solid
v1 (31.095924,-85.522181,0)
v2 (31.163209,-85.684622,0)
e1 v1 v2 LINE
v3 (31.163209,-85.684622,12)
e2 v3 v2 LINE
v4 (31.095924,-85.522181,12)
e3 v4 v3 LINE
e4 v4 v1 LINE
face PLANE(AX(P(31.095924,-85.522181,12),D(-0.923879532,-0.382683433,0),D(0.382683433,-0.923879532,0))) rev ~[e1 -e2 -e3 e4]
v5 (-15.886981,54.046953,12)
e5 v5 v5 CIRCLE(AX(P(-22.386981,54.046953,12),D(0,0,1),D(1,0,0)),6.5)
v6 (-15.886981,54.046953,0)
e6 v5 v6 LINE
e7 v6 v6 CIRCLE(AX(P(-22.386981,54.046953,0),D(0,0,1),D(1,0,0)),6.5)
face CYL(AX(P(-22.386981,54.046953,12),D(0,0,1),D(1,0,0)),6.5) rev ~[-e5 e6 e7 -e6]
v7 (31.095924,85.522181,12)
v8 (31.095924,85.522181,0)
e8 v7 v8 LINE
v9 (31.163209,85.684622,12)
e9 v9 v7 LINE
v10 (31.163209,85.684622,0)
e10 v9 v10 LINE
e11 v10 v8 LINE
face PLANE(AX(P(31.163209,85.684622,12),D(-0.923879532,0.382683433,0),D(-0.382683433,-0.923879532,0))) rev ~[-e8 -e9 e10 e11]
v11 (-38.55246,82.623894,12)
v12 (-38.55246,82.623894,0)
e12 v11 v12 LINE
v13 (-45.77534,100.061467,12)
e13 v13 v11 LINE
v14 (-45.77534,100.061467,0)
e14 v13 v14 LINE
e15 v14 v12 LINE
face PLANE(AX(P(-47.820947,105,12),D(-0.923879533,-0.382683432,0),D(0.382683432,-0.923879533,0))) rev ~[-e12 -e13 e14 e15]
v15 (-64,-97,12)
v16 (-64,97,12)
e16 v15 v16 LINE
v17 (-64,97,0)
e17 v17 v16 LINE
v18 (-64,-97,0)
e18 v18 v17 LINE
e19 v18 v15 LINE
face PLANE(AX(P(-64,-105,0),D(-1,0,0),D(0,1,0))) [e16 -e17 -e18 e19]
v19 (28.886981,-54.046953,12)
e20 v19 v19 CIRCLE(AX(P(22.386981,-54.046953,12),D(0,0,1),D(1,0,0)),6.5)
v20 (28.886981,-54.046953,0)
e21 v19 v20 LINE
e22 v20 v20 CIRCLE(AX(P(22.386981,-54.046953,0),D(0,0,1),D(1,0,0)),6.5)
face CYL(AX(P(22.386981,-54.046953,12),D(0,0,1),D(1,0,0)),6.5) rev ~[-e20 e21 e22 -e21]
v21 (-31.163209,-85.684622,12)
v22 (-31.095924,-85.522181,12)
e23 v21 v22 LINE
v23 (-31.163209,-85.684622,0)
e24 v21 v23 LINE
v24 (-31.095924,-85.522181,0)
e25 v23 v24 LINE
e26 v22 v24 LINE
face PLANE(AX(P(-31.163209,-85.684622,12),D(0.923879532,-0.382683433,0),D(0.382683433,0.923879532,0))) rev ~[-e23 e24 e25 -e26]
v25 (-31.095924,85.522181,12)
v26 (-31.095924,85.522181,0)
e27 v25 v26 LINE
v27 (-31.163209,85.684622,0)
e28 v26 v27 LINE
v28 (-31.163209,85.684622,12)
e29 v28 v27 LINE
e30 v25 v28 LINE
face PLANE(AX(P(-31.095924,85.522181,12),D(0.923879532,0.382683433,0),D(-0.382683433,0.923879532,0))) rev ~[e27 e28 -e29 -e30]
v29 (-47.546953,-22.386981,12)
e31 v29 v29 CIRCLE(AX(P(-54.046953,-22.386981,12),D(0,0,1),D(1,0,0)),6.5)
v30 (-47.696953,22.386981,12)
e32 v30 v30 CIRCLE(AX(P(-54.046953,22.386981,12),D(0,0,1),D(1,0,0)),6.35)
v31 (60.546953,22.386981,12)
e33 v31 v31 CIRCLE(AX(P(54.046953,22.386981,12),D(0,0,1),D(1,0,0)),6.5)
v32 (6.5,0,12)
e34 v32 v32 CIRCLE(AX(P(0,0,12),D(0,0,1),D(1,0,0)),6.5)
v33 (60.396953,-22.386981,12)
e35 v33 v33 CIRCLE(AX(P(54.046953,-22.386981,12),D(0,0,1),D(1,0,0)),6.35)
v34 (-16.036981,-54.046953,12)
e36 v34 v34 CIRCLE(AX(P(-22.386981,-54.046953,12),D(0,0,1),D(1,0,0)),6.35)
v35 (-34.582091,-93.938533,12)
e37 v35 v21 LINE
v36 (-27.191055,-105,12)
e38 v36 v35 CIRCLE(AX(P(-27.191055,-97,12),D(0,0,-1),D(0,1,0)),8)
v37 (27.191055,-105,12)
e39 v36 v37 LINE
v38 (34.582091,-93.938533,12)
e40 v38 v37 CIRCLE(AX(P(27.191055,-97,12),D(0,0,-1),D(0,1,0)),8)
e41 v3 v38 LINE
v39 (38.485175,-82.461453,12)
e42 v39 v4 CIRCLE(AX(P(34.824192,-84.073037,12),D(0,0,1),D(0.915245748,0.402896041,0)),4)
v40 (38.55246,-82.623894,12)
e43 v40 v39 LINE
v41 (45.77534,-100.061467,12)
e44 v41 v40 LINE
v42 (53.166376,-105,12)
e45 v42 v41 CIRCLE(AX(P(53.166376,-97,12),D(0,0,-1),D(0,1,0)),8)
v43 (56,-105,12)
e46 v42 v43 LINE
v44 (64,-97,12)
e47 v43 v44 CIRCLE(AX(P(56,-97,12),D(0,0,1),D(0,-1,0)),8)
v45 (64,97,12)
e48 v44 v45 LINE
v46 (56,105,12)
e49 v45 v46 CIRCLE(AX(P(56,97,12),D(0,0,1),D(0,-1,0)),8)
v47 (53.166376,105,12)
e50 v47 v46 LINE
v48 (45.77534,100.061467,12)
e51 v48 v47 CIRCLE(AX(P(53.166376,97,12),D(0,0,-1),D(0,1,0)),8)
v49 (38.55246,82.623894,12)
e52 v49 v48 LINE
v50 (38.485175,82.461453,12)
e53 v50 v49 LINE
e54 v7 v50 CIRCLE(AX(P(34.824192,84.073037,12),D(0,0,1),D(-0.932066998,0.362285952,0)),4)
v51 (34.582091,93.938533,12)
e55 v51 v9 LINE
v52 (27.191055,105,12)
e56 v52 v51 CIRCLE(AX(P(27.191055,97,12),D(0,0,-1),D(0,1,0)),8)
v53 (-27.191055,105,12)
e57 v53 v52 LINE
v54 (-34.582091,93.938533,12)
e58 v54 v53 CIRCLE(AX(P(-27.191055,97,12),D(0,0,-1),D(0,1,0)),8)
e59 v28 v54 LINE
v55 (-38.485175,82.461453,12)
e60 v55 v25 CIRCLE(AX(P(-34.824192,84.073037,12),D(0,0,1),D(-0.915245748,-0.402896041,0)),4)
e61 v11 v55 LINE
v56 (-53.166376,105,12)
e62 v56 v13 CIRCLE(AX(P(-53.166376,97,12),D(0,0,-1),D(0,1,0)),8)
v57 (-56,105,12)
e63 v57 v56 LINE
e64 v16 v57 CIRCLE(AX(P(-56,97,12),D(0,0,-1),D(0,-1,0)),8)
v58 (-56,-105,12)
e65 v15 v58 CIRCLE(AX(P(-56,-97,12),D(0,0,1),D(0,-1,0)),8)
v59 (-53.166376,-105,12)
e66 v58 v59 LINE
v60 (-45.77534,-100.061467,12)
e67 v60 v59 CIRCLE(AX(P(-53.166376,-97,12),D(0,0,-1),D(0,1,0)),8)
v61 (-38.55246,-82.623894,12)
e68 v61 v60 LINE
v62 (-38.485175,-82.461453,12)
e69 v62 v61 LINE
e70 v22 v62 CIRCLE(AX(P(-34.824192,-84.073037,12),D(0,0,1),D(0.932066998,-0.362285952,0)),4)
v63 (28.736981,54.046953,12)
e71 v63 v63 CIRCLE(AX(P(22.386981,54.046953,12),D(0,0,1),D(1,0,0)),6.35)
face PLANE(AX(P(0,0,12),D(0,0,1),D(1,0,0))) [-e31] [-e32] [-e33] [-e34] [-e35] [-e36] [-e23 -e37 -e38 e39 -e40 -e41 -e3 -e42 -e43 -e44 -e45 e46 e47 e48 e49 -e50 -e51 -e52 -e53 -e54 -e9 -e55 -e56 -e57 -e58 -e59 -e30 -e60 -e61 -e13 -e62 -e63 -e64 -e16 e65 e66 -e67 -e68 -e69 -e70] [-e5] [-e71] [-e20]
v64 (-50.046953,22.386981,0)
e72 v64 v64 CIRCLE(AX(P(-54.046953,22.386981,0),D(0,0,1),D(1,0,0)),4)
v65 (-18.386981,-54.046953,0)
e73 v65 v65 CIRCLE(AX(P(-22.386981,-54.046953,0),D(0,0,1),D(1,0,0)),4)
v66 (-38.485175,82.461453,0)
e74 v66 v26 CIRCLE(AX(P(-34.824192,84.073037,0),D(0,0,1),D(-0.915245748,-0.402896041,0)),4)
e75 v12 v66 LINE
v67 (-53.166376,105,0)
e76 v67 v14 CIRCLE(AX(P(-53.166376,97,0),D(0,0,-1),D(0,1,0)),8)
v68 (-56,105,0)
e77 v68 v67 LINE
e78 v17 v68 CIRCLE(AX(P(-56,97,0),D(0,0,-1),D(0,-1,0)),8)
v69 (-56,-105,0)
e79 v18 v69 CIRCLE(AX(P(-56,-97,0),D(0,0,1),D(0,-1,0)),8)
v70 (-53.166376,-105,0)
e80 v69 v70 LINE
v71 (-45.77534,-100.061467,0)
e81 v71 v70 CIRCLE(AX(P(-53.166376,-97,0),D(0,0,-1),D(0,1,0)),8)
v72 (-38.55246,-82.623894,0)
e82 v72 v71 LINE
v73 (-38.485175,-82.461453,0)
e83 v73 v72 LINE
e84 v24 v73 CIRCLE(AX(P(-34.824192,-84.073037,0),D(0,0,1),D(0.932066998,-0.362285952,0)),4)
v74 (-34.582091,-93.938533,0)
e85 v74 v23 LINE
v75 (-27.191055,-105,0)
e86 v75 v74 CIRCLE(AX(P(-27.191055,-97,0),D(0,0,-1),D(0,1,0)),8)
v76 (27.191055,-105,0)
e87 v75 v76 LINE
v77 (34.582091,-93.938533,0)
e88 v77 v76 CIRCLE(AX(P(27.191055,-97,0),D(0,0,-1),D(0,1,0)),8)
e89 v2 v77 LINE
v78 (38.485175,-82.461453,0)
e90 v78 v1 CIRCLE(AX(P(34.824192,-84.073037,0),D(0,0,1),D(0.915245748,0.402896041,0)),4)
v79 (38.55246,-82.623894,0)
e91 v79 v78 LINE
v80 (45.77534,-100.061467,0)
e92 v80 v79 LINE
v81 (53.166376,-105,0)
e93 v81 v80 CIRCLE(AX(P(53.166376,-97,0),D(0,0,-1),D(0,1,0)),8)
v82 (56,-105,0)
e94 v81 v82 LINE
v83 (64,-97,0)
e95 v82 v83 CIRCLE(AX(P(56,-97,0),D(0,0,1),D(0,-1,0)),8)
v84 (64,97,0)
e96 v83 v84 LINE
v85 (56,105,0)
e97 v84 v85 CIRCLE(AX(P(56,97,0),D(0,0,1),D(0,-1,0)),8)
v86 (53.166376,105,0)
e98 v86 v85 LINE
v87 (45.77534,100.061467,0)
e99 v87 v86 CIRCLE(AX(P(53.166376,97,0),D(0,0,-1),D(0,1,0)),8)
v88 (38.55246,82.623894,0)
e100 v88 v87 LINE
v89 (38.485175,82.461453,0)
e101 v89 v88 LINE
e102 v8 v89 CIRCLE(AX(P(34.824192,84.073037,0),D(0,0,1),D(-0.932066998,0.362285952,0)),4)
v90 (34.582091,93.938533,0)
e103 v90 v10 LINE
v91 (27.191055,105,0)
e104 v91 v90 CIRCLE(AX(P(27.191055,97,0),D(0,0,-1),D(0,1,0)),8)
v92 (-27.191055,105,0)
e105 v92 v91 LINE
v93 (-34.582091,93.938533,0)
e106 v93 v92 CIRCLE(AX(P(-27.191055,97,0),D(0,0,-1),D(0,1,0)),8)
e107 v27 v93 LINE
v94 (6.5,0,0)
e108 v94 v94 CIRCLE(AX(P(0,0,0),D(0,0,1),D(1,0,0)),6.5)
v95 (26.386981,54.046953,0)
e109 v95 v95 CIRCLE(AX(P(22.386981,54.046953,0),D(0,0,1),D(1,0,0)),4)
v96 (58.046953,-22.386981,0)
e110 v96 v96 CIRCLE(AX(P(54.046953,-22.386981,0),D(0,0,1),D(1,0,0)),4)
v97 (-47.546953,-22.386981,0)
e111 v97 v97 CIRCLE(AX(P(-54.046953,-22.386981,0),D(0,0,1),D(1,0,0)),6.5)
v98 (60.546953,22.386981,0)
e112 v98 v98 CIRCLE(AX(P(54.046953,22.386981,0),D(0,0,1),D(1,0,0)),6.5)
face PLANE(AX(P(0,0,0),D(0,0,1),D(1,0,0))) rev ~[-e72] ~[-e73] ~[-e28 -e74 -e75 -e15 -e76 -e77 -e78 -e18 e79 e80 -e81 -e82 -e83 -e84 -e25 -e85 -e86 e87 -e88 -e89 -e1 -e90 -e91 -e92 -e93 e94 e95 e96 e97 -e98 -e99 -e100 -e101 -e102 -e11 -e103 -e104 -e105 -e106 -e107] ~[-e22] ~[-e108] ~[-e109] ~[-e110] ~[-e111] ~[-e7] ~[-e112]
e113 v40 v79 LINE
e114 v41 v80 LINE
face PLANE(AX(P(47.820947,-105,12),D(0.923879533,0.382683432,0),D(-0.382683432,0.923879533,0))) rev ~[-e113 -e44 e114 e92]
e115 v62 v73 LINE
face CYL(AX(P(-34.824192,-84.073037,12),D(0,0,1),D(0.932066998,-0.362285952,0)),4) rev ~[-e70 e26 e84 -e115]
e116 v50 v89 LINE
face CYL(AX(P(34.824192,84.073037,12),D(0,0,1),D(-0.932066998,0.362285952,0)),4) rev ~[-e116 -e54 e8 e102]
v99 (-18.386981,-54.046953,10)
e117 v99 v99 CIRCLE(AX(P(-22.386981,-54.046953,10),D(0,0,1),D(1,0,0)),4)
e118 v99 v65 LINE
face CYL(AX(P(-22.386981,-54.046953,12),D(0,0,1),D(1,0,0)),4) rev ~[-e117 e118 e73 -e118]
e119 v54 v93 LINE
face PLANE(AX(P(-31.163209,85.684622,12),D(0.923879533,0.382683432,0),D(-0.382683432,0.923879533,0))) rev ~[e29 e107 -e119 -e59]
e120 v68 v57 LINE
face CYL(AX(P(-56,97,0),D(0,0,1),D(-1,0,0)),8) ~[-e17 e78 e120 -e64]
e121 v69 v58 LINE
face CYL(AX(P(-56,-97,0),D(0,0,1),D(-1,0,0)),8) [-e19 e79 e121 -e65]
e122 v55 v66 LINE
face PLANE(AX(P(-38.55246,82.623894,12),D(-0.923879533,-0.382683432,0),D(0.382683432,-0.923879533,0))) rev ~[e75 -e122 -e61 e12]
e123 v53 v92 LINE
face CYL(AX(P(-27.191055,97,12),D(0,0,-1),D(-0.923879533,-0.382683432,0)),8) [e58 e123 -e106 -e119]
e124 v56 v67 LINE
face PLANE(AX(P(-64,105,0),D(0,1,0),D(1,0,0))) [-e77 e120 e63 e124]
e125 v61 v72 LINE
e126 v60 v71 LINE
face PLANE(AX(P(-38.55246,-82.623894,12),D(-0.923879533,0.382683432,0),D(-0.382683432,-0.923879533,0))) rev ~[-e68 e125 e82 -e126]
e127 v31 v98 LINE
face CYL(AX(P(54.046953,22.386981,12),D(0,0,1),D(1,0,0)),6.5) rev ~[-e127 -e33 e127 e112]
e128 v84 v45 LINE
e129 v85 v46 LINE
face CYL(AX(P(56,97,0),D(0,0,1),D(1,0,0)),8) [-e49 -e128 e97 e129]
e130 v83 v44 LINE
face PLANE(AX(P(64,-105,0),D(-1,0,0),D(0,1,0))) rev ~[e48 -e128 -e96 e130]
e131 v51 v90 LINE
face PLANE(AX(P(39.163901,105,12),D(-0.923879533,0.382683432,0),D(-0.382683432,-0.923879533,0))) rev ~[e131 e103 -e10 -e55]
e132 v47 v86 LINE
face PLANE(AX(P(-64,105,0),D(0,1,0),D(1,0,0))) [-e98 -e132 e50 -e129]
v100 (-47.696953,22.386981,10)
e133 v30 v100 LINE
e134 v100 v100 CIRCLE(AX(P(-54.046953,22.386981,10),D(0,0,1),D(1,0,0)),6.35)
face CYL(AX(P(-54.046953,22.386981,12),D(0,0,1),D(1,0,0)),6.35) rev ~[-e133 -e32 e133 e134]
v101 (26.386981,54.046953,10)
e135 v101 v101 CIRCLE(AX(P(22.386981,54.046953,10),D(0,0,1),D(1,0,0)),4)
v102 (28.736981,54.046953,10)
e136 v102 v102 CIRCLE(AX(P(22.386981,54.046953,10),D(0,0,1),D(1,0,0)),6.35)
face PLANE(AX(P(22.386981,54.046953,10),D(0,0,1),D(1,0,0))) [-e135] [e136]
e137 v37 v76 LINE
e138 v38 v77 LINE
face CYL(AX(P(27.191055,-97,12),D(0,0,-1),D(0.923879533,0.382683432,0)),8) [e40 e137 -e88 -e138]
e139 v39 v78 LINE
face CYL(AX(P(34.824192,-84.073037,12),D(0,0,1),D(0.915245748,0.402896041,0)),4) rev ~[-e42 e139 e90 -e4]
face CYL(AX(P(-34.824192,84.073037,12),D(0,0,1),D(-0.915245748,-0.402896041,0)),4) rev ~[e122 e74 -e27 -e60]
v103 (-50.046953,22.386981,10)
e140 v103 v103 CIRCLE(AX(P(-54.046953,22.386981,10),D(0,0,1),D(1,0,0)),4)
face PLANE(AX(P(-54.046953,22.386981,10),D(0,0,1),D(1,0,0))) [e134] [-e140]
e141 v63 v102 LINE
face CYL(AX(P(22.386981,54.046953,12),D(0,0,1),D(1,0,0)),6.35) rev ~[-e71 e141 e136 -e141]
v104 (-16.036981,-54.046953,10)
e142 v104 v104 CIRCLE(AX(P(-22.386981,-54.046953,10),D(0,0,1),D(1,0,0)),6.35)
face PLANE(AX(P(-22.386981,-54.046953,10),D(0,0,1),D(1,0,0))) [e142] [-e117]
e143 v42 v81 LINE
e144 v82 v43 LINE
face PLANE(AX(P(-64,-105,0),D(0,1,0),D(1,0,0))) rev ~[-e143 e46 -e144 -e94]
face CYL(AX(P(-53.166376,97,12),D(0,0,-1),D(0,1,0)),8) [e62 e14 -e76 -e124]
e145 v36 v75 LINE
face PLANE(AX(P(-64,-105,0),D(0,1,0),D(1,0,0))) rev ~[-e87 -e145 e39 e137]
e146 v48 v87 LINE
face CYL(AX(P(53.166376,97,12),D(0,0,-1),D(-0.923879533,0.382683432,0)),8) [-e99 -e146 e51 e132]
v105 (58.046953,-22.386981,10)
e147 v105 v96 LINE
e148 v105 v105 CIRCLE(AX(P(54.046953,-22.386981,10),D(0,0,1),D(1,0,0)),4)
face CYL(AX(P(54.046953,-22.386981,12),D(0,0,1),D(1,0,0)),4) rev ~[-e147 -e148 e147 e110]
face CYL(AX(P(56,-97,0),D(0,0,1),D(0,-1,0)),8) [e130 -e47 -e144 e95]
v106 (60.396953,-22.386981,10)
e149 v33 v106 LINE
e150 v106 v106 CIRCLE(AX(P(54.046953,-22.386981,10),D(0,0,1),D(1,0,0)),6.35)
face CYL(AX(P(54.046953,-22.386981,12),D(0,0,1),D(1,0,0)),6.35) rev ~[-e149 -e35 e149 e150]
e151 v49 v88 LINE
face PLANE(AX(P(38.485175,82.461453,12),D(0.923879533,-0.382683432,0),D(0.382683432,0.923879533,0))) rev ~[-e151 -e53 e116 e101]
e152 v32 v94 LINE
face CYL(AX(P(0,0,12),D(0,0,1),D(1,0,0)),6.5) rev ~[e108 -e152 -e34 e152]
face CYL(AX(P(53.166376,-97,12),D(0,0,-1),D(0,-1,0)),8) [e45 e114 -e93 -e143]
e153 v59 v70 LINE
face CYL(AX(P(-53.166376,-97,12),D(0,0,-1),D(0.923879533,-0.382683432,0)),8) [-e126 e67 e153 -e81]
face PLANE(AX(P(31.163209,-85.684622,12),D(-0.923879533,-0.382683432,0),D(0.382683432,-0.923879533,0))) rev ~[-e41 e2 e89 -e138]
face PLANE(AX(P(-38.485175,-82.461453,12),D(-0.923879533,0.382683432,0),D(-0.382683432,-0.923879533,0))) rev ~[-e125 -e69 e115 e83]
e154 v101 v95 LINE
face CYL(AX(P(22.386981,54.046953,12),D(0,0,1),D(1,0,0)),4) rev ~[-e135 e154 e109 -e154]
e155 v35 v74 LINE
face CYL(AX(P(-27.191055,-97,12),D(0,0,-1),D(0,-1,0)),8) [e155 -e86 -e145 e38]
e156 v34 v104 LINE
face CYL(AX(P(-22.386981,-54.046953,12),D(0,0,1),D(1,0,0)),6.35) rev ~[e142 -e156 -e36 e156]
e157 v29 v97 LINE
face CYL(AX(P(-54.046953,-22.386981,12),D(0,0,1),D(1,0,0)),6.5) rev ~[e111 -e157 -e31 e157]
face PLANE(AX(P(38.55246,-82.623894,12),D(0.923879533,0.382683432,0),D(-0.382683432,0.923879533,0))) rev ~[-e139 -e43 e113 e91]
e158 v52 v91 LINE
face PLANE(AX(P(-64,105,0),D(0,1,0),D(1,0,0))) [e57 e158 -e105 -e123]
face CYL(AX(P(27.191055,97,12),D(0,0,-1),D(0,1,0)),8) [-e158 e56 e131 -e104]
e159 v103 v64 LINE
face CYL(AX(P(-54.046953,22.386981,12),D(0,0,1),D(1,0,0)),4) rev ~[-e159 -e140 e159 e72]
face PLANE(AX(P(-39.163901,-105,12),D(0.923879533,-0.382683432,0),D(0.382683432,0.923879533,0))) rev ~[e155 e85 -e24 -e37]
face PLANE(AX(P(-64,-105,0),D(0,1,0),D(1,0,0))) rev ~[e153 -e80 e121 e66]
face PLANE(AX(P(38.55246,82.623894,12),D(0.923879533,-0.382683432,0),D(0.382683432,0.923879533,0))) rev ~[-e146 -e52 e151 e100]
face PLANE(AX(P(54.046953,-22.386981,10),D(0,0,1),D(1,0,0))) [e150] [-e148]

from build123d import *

# Parameters (mm, degrees)
F0_W      = 128
F0_H      = 210
F1_DEPTH  = 12
F2_R      = 8
F3_R      = 6.5
F3_R_2    = 4
F4_DEPTH  = 25
F3_R_3    = 6.35
F5_DEPTH  = 2
F7_DEPTH  = 25
F8_R      = 8
F10_R     = 6.5
F11_DEPTH = 25


with BuildPart() as f1:
    # F0 (on Top) → F1 (new body)
    with BuildSketch(Plane.XY):
        Rectangle(F0_W, F0_H)
    extrude(amount=F1_DEPTH)

    # F2
    f2_edges = [f1.edges().sort_by_distance(p)[0] for p in [
        (-64, -105, 6),
        (64, -105, 6),
        (64, 105, 6),
        (-64, 105, 6),
    ]]
    fillet(f2_edges, radius=F2_R)

    # F3 (on face) → F4 (cut)
    with BuildSketch(Plane.XY.offset(12)):
        with Locations((-22.3869807934, 54.0469526519)):
            Circle(F3_R)
        with Locations((-54.0469526519, 22.3869807934)):
            Circle(F3_R_2)
        with Locations((-54.0469526519, -22.3869807934)):
            Circle(F3_R)
        with Locations((-22.3869807934, -54.0469526519)):
            Circle(F3_R_2)
        with Locations((22.3869807934, -54.0469526519)):
            Circle(F3_R)
        with Locations((54.0469526519, -22.3869807934)):
            Circle(F3_R_2)
        with Locations((54.0469526519, 22.3869807934)):
            Circle(F3_R)
        with Locations((22.3869807934, 54.0469526519)):
            Circle(F3_R_2)
    extrude(amount=-F4_DEPTH, mode=Mode.SUBTRACT)

    # F3 (on face) → F5 (cut)
    with BuildSketch(Plane.XY.offset(12)):
        with Locations((-54.0469526519, 22.3869807934)):
            Circle(F3_R_3)
        with Locations((-54.0469526519, 22.3869807934)):
            Circle(F3_R_2, mode=Mode.SUBTRACT)
        with Locations((-22.3869807934, -54.0469526519)):
            Circle(F3_R_3)
        with Locations((-22.3869807934, -54.0469526519)):
            Circle(F3_R_2, mode=Mode.SUBTRACT)
        with Locations((54.0469526519, -22.3869807934)):
            Circle(F3_R_3)
        with Locations((54.0469526519, -22.3869807934)):
            Circle(F3_R_2, mode=Mode.SUBTRACT)
        with Locations((22.3869807934, 54.0469526519)):
            Circle(F3_R_3)
        with Locations((22.3869807934, 54.0469526519)):
            Circle(F3_R_2, mode=Mode.SUBTRACT)
    extrude(amount=-F5_DEPTH, mode=Mode.SUBTRACT)

    # F6 (on face) → F7 (cut)
    with BuildSketch(Plane.XY.offset(12)):
        with BuildLine():
            Line((-47.8209470608, 105), (-38.5524603376, 82.6238936502))
            Line((-38.5524603376, 82.6238936502), (-38.4851753385, 82.4614532928))
            ThreePointArc((-38.4851753385, 82.4614532928), (-33.2934586158, 80.3775193285), (-31.0959243529, 85.5221812669))
            Line((-31.0959243529, 85.5221812669), (-31.163209352, 85.6846216242))
            Line((-31.163209352, 85.6846216242), (-39.1639010376, 105))
            Line((-39.1639010376, 105), (-47.8209470608, 105))
        make_face()
        with BuildLine():
            Line((-38.5524603376, -82.6238936502), (-47.8209470608, -105))
            Line((-47.8209470608, -105), (-39.1639010376, -105))
            Line((-39.1639010376, -105), (-31.163209352, -85.6846216242))
            Line((-31.163209352, -85.6846216242), (-31.0959243529, -85.5221812669))
            ThreePointArc((-31.0959243529, -85.5221812669), (-33.2934586158, -80.3775193285), (-38.4851753385, -82.4614532928))
            Line((-38.4851753385, -82.4614532928), (-38.5524603376, -82.6238936502))
        make_face()
        with BuildLine():
            Line((31.163209352, -85.6846216242), (39.1639010376, -105))
            Line((39.1639010376, -105), (47.8209470608, -105))
            Line((47.8209470608, -105), (38.5524603376, -82.6238936502))
            Line((38.5524603376, -82.6238936502), (38.4851753385, -82.4614532928))
            ThreePointArc((38.4851753385, -82.4614532928), (33.2934586158, -80.3775193285), (31.0959243529, -85.5221812669))
            Line((31.0959243529, -85.5221812669), (31.163209352, -85.6846216242))
        make_face()
        with BuildLine():
            Line((47.8209470608, 105), (39.1639010376, 105))
            Line((39.1639010376, 105), (31.163209352, 85.6846216242))
            Line((31.163209352, 85.6846216242), (31.0959243529, 85.5221812669))
            ThreePointArc((31.0959243529, 85.5221812669), (33.2934586158, 80.3775193285), (38.4851753385, 82.4614532928))
            Line((38.4851753385, 82.4614532928), (38.5524603376, 82.6238936502))
            Line((38.5524603376, 82.6238936502), (47.8209470608, 105))
        make_face()
    extrude(amount=-F7_DEPTH, mode=Mode.SUBTRACT)

    # F8
    f8_edges = [f1.edges().sort_by_distance(p)[0] for p in [
        (-47.820947, 105, 6),
        (-39.163901, 105, 6),
        (39.163901, 105, 6),
        (47.820947, 105, 6),
        (47.820947, -105, 6),
        (39.163901, -105, 6),
        (-39.163901, -105, 6),
        (-47.820947, -105, 6),
    ]]
    fillet(f8_edges, radius=F8_R)

    # F10 (on face) → F11 (cut)
    with BuildSketch(Plane.XY.offset(12)):
        Circle(F10_R)
    extrude(amount=-F11_DEPTH, mode=Mode.SUBTRACT)


solid = f1.part
